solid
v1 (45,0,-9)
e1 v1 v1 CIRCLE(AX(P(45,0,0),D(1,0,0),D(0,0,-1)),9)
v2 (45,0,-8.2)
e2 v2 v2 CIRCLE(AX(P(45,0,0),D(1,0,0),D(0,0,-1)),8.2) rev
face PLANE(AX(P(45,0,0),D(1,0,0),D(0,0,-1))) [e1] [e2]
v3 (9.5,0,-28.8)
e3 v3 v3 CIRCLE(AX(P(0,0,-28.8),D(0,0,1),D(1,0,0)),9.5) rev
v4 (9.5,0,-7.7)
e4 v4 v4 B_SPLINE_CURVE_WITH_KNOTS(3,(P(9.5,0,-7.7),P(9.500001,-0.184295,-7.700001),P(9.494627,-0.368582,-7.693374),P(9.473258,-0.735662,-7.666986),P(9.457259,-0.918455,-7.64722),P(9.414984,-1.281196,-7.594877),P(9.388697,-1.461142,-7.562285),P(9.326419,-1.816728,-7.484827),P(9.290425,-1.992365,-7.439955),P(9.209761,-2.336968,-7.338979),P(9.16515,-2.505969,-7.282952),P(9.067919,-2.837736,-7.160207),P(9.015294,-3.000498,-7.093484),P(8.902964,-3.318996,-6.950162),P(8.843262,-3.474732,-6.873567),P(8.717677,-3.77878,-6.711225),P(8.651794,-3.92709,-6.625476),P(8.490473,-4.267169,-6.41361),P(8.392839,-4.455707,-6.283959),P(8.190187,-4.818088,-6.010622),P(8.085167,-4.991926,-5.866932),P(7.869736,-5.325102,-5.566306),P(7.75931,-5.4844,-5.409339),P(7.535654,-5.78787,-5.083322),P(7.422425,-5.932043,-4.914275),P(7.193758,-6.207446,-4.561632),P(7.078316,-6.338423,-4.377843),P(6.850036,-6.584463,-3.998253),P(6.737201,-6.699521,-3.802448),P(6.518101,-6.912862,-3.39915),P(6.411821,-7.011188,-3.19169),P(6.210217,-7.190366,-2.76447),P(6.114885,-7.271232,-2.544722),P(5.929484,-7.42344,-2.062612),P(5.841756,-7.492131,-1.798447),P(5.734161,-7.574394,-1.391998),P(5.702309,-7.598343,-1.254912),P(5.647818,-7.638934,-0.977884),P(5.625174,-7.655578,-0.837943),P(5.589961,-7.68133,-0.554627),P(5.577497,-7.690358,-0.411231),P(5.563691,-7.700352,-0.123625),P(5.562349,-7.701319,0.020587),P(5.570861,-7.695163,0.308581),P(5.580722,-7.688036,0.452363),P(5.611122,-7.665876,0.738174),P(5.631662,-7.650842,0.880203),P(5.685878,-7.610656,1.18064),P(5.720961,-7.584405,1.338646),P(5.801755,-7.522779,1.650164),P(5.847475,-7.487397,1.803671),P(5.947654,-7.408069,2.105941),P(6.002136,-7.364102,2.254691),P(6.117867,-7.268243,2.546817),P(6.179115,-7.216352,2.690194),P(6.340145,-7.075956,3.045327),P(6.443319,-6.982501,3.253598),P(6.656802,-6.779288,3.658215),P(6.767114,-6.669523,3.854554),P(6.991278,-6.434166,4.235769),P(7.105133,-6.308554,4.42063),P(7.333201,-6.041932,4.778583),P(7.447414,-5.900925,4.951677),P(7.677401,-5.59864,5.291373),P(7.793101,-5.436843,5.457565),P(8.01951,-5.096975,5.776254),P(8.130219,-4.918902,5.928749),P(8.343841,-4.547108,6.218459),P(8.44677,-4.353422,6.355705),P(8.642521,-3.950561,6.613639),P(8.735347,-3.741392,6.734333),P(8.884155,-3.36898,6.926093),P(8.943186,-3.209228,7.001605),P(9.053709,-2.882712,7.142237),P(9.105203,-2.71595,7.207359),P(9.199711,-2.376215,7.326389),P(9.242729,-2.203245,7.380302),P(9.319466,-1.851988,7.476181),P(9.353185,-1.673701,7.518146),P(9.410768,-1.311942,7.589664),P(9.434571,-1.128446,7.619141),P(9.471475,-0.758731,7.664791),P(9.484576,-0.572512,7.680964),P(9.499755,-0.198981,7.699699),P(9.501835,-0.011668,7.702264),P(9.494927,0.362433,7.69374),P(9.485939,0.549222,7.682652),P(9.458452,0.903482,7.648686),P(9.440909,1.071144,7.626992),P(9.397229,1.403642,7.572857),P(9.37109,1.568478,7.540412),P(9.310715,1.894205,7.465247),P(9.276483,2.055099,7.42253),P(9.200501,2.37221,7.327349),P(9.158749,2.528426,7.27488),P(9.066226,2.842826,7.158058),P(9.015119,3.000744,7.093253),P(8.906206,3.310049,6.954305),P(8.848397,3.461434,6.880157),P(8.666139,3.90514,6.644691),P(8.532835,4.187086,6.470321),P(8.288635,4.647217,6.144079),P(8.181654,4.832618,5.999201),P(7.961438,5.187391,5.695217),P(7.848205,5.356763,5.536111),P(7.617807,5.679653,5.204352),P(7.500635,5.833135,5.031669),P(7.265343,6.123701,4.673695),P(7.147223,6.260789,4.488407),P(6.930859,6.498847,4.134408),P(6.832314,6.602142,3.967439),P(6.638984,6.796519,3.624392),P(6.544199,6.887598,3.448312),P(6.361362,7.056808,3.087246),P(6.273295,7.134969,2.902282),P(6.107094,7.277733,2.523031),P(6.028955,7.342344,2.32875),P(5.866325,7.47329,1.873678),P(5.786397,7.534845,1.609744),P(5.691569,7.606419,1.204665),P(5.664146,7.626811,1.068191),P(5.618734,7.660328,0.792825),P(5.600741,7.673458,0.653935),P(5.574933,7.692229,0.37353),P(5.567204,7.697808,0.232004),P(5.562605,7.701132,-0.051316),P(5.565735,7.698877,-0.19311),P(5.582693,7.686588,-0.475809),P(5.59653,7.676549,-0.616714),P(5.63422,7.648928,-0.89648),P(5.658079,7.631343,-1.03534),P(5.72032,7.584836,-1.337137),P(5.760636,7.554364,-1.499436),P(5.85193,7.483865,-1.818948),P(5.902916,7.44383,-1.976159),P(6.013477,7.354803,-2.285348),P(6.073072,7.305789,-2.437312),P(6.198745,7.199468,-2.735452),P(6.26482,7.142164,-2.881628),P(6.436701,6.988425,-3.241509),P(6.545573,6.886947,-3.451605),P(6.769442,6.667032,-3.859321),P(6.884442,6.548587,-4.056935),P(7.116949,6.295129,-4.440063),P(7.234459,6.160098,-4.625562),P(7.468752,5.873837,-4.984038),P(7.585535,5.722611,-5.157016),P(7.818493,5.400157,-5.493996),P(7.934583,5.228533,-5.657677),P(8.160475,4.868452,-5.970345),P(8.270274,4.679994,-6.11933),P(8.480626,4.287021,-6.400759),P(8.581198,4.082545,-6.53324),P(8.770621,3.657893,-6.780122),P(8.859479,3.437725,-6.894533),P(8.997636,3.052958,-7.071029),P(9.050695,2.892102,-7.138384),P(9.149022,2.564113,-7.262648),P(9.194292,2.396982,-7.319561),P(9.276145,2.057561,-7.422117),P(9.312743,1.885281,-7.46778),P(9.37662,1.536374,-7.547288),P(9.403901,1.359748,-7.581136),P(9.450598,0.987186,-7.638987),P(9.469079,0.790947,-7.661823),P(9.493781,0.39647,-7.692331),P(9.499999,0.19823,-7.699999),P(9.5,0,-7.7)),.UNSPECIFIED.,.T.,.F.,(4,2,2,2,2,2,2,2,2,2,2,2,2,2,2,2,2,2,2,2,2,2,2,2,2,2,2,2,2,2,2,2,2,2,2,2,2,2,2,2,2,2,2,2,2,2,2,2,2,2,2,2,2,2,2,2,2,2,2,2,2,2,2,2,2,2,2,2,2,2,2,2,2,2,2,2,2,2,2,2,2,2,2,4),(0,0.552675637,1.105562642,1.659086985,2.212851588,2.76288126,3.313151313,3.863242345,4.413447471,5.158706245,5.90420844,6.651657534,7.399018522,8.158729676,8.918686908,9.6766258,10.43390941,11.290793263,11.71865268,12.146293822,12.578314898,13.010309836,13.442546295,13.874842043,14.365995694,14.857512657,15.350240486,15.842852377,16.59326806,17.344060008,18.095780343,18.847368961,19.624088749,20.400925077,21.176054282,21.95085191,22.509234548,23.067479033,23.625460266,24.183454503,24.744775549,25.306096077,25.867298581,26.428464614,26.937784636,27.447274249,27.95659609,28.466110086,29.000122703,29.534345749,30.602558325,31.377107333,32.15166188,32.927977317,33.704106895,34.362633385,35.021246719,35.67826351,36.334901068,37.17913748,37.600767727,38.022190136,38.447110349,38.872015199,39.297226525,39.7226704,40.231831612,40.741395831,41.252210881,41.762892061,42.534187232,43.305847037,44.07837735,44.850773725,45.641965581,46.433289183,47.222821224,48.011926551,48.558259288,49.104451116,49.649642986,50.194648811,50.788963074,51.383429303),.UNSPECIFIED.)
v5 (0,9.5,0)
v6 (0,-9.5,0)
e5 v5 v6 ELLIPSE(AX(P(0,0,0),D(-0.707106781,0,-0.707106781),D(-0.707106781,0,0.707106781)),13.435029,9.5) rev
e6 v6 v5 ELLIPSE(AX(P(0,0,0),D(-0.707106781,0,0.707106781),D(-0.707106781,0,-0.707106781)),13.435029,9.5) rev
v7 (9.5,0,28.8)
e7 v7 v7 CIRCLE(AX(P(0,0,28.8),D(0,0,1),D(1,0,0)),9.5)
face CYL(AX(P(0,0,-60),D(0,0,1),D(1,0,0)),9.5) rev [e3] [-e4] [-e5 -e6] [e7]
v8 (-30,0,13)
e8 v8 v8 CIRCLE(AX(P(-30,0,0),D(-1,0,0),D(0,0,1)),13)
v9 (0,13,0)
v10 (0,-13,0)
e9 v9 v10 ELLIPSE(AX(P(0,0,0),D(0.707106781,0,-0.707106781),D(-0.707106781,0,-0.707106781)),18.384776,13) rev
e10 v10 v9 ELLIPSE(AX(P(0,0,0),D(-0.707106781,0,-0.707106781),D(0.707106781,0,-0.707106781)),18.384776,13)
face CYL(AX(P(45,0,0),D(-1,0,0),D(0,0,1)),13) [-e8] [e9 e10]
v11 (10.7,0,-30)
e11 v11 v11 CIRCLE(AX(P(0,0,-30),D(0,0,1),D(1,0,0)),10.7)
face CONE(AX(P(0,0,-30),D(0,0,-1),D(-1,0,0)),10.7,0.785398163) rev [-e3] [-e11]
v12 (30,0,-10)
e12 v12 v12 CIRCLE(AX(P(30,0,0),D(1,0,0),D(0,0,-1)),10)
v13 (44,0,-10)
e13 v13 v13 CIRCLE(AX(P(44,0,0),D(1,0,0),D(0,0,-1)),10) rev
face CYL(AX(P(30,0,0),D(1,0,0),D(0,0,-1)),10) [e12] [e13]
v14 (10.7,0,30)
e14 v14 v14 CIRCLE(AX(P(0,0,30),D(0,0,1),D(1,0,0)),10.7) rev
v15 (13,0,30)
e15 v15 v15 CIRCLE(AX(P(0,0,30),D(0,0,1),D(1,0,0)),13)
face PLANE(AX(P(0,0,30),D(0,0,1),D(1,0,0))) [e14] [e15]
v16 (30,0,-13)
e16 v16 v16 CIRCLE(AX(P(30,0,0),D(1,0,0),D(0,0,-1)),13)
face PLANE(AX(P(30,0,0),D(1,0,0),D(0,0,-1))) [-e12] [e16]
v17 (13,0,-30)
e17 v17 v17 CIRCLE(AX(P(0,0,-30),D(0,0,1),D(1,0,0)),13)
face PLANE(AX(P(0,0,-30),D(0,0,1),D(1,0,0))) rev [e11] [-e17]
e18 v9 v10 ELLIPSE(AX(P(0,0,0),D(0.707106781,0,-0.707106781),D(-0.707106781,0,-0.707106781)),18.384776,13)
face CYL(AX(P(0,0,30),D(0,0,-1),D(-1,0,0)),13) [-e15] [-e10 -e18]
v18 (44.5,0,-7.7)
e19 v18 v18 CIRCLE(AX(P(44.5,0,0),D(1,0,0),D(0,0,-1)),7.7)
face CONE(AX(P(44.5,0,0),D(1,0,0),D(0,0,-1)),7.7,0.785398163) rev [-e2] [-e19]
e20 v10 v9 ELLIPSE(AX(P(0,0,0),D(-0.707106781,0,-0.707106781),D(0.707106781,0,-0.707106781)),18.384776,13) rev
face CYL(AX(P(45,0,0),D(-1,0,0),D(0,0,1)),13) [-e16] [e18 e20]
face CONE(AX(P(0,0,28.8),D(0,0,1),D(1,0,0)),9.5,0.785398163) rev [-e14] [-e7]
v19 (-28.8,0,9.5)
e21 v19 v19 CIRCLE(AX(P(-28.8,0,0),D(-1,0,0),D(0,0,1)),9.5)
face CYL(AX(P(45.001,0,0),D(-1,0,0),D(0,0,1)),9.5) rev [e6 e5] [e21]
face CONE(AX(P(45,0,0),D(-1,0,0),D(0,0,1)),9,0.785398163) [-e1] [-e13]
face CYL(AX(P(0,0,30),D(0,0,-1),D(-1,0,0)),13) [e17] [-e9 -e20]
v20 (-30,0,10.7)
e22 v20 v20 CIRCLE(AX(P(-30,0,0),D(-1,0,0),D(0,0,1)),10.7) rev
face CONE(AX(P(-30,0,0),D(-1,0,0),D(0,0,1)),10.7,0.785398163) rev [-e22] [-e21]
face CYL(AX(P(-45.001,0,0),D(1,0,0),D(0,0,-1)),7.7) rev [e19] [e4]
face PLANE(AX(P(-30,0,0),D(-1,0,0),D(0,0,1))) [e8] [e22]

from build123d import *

# Parameters (mm, degrees)
SKETCH_1_R               = 13
EXTRUDE_1_DEPTH          = 30
SKETCH_2_R               = 13
EXTRUDE_2_DEPTH          = 45
SKETCH_3_R               = 13
SKETCH_3_R_2             = 10
CUT_EXTRUDE_1_DEPTH      = 15
SKETCH_4_R               = 9.5
CUT_EXTRUDE_2_DEPTH      = 90
CUT_EXTRUDE_3_REACH      = 97.755
CUT_EXTRUDE_3_END_RADIUS = 9.5
SKETCH_5_R               = 7.7
CUT_EXTRUDE_4_REACH      = 97.755
CUT_EXTRUDE_4_END_RADIUS = 9.5
SKETCH_6_R               = 9.5
CUT_EXTRUDE_START        = -15
SKETCH_7_R               = 13
CUT_EXTRUDE_5_DEPTH      = 15
CHAMFER_1_SIZE           = 1.2
CHAMFER_2_SIZE           = 1
CHAMFER_3_SIZE           = 0.5


with BuildPart() as part:
    # 草图1 → 拉伸1 (new, symmetric)
    with BuildSketch(Plane.XY):
        Circle(SKETCH_1_R)
    extrude(amount=EXTRUDE_1_DEPTH, both=True)

    # 草图2 → 拉伸2 (add, symmetric)
    with BuildSketch(Plane(origin=(0, 0, 0), x_dir=(0, 0, -1), z_dir=(1, 0, 0))):
        with Locations(Location((0, 0, 0), (0, 0, 270))):
            Circle(SKETCH_2_R)
    extrude(amount=EXTRUDE_2_DEPTH, both=True)

    # 草图3 → 切除-拉伸1 (cut)
    with BuildSketch(Plane(origin=(45, 0, 0), x_dir=(0, 0, -1), z_dir=(1, 0, 0))):
        with Locations(Location((0, 0, 0), (0, 0, 270))):
            Circle(SKETCH_3_R)
        Circle(SKETCH_3_R_2, mode=Mode.SUBTRACT)
    extrude(amount=-CUT_EXTRUDE_1_DEPTH, mode=Mode.SUBTRACT)

    # 草图4 → 切除-拉伸2 (cut)
    with BuildSketch(Plane.XY.offset(30)):
        Circle(SKETCH_4_R)
    extrude(amount=-CUT_EXTRUDE_2_DEPTH, mode=Mode.SUBTRACT)

    # 切除-拉伸3: up to this cylinder (the profile starts outside it)
    cut_extrude_3_end = Plane(origin=(0, 0, 0), z_dir=(0, 0, 1)) * Cylinder(CUT_EXTRUDE_3_END_RADIUS, 215.51, mode=Mode.PRIVATE)
    # 草图5 → 切除-拉伸3 (cut, up to the surface)
    with BuildSketch(Plane(origin=(45, 0, 0), x_dir=(0, 0, -1), z_dir=(1, 0, 0)), mode=Mode.PRIVATE) as cut_extrude_3_sk1:
        Circle(SKETCH_5_R)
    cut_extrude_3_tool1 = extrude(cut_extrude_3_sk1.sketch, amount=-CUT_EXTRUDE_3_REACH, mode=Mode.PRIVATE) - cut_extrude_3_end
    add(cut_extrude_3_tool1.solids().sort_by_distance((45, 0, 0))[0], mode=Mode.SUBTRACT)

    # 切除-拉伸4: up to this cylinder (the profile starts outside it)
    cut_extrude_4_end = Plane(origin=(0, 0, 0), z_dir=(0, 0, 1)) * Cylinder(CUT_EXTRUDE_4_END_RADIUS, 215.51, mode=Mode.PRIVATE)
    # 草图6 → 切除-拉伸4 (cut, up to the surface)
    with BuildSketch(Plane.ZY.offset(45), mode=Mode.PRIVATE) as cut_extrude_4_sk1:
        Circle(SKETCH_6_R)
    cut_extrude_4_tool1 = extrude(cut_extrude_4_sk1.sketch, amount=-CUT_EXTRUDE_4_REACH, mode=Mode.PRIVATE) - cut_extrude_4_end
    add(cut_extrude_4_tool1.solids().sort_by_distance((-45, 0, 0))[0], mode=Mode.SUBTRACT)

    # 草图7 → 切除-拉伸5 (cut)
    with BuildSketch(Plane.ZY.offset(45).offset(CUT_EXTRUDE_START)):
        Circle(SKETCH_7_R)
    extrude(amount=CUT_EXTRUDE_5_DEPTH, mode=Mode.SUBTRACT)

    # 倒角1
    chamfer_1_edges = [part.edges().sort_by_distance(p)[0] for p in [
        (-9.5, 0, -30),
        (-9.5, 0, 30),
        (-30, 0, -9.5),
    ]]
    chamfer(chamfer_1_edges, length=CHAMFER_1_SIZE)

    # 倒角2
    chamfer_2_edges = [part.edges().sort_by_distance(p)[0] for p in [
        (45, 0, 10),
    ]]
    chamfer(chamfer_2_edges, length=CHAMFER_2_SIZE)

    # 倒角3
    chamfer_3_edges = [part.edges().sort_by_distance(p)[0] for p in [
        (45, 0, 7.7),
    ]]
    chamfer(chamfer_3_edges, length=CHAMFER_3_SIZE)


solid = part.part
